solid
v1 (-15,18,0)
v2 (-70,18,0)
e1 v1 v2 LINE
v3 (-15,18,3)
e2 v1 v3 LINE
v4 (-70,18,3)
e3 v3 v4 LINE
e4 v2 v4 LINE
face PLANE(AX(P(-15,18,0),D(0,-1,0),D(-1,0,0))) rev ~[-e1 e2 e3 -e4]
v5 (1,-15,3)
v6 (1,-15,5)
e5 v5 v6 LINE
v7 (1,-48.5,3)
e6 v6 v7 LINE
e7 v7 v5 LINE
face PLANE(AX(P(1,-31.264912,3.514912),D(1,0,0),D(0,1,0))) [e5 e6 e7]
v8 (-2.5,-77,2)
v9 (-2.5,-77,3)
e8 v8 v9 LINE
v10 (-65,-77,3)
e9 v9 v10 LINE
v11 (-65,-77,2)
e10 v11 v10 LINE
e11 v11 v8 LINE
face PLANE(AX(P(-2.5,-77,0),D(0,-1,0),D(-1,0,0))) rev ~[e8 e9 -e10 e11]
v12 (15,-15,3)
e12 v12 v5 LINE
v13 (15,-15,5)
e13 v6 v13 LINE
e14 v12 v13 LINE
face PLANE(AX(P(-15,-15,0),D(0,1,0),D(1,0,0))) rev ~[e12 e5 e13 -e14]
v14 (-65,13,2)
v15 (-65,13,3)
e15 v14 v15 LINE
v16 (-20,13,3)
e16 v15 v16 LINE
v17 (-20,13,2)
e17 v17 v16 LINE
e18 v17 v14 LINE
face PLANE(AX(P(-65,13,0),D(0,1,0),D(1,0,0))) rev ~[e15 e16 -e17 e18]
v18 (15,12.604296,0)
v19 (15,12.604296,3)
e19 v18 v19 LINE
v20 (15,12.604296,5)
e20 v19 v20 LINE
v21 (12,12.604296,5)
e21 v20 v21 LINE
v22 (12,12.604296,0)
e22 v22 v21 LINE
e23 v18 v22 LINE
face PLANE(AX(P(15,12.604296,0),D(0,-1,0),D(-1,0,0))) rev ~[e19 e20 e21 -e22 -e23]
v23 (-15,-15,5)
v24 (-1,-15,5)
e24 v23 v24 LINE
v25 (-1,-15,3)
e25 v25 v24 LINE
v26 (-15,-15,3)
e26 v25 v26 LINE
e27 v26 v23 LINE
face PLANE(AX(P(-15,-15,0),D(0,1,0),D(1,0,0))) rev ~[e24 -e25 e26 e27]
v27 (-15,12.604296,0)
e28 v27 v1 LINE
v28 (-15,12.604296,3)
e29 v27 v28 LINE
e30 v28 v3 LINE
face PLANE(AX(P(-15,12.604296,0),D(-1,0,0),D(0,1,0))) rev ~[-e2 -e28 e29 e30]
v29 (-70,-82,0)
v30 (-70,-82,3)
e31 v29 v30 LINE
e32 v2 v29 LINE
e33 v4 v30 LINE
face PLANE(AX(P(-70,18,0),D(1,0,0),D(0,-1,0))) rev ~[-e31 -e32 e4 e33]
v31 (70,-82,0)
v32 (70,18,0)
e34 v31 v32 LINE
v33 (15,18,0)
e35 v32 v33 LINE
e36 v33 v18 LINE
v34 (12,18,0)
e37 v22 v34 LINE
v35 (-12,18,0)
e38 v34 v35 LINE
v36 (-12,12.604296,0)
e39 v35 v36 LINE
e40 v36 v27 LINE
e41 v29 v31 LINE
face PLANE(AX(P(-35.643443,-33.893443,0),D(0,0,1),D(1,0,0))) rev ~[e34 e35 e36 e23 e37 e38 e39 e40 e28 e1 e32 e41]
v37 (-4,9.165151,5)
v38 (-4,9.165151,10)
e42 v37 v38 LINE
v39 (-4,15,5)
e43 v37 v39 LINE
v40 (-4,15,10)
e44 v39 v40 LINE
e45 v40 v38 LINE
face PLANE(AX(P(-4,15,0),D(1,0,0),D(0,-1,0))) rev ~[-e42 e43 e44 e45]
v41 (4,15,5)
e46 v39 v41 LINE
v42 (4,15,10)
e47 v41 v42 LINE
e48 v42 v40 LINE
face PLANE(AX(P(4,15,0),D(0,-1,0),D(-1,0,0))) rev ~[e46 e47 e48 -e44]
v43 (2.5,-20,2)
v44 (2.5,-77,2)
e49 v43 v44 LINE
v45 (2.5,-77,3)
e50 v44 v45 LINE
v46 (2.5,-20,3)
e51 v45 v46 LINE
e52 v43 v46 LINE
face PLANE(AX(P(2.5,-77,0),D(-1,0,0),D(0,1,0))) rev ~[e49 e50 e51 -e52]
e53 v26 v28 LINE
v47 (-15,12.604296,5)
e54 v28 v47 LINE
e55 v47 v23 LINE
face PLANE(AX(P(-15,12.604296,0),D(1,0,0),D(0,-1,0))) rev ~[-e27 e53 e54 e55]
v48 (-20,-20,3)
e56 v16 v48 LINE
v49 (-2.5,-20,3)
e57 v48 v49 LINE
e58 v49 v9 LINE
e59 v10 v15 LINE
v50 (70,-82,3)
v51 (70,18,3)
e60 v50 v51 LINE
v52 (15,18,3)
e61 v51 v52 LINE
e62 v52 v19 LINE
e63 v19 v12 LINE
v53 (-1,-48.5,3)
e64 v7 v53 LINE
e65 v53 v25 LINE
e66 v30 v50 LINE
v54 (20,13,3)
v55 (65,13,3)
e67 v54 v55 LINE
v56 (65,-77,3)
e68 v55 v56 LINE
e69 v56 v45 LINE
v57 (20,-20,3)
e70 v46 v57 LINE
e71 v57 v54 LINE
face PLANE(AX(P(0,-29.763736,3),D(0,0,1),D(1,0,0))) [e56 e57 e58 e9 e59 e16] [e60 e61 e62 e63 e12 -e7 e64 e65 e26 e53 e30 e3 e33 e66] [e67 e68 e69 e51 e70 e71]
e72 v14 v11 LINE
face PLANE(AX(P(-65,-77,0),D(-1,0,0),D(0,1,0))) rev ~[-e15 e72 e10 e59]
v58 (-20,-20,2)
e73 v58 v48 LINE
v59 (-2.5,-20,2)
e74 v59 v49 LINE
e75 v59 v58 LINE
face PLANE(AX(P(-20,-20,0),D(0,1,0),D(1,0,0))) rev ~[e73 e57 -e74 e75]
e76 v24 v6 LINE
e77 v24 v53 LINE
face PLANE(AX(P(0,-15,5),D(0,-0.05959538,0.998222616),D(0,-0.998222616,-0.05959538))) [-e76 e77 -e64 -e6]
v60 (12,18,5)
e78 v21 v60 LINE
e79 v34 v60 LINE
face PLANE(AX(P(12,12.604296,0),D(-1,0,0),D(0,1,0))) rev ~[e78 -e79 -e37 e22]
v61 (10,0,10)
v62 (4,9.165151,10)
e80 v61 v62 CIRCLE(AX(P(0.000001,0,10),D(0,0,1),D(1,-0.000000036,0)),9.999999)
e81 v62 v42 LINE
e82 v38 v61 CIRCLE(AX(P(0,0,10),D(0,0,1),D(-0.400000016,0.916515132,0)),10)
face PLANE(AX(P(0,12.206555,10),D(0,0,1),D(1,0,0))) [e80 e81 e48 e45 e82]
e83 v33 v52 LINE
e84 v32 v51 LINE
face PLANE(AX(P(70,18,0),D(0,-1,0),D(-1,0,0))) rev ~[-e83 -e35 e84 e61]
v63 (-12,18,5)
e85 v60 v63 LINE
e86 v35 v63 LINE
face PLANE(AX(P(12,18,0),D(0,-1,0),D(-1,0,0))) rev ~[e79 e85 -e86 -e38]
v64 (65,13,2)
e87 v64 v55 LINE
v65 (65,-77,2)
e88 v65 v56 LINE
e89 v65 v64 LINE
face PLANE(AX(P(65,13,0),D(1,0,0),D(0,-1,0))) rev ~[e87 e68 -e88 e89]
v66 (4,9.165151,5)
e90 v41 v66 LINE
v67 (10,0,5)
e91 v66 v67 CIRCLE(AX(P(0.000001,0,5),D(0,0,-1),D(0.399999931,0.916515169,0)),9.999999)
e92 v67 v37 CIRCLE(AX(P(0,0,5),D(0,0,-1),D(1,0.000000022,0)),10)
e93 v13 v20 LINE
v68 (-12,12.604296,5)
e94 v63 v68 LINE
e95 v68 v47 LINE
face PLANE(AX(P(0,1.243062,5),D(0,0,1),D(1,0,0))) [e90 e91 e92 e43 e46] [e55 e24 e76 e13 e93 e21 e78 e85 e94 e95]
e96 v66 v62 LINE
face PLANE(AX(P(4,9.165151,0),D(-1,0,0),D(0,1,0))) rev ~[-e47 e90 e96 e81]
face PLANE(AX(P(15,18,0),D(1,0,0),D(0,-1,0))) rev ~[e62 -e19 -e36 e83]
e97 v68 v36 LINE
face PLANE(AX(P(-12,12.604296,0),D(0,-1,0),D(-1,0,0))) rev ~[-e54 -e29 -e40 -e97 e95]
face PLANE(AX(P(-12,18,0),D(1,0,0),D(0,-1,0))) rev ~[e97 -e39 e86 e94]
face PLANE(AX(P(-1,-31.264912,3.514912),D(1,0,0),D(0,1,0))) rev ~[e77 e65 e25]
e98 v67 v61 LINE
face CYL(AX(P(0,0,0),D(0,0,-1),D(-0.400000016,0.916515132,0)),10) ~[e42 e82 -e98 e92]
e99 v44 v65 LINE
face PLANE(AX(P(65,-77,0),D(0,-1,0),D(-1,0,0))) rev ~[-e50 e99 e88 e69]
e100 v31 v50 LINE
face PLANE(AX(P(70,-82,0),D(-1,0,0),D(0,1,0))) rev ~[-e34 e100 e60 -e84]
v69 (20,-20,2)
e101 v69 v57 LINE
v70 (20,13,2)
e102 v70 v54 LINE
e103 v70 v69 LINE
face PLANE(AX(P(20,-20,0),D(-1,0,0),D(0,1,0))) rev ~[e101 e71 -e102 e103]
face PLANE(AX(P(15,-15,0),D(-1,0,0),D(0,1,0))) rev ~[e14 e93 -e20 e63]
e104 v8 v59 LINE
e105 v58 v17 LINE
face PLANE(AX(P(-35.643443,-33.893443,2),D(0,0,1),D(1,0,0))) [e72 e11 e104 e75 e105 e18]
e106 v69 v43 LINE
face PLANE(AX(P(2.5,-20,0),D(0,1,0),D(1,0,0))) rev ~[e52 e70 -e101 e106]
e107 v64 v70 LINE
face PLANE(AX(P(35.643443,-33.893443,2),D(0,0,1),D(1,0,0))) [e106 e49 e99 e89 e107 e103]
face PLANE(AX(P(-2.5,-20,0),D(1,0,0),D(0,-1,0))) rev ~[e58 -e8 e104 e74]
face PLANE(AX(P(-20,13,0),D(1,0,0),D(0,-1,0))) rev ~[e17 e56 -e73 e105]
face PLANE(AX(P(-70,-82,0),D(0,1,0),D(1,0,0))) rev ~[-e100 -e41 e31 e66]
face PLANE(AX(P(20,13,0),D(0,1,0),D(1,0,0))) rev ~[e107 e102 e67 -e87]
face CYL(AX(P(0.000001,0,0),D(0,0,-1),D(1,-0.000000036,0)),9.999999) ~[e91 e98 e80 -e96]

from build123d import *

# Parameters (mm, degrees)
F1_DEPTH = 3
F2_DEPTH = 5
F3_DEPTH = 10
F5_DEPTH = 1
F6_DEPTH = 2


with BuildPart() as f1:
    # F0 (on Top) → F1 (new body)
    with BuildSketch(Plane.XY):
        Polygon((15, -15), (-15, -15), (-15, 12.604296), (-15, 18), (-70, 18), (-70, -82), (70, -82), (70, 18), (15, 18), (15, 12.604296), align=None)
        Polygon((-2.5, -77), (-65, -77), (-65, 13), (-20, 13), (-20, -20), (-2.5, -20), align=None, mode=Mode.SUBTRACT)
        Polygon((2.5, -20), (20, -20), (20, 13), (65, 13), (65, -77), (2.5, -77), align=None, mode=Mode.SUBTRACT)
        Polygon((-15, 12.604296), (-15, -15), (15, -15), (15, 12.604296), (12, 12.604296), (12, 18), (-12, 18), (-12, 12.604296), align=None)
        with BuildLine():
            ThreePointArc((4, 9.165151), (8.3666, 5.477226), (10, 0))
            ThreePointArc((10, 0), (-5.477226, -8.3666), (-4, 9.165151))
            Line((-4, 9.165151), (-4, 15))
            Line((-4, 15), (4, 15))
            Line((4, 15), (4, 9.165151))
        make_face(mode=Mode.SUBTRACT)
    extrude(amount=F1_DEPTH)

    # F0 (on Top) → F2 (join)
    with BuildSketch(Plane.XY):
        Polygon((-15, 12.604296), (-15, -15), (15, -15), (15, 12.604296), (12, 12.604296), (12, 18), (-12, 18), (-12, 12.604296), align=None)
        with BuildLine():
            ThreePointArc((4, 9.165151), (8.3666, 5.477226), (10, 0))
            ThreePointArc((10, 0), (-5.477226, -8.3666), (-4, 9.165151))
            Line((-4, 9.165151), (-4, 15))
            Line((-4, 15), (4, 15))
            Line((4, 15), (4, 9.165151))
        make_face(mode=Mode.SUBTRACT)
    extrude(amount=F2_DEPTH)

    # F0 (on Top) → F3 (join)
    with BuildSketch(Plane.XY):
        with BuildLine():
            ThreePointArc((-4, 9.165151), (0, 10), (4, 9.165151))
            Line((4, 9.165151), (4, 15))
            Line((4, 15), (-4, 15))
            Line((-4, 15), (-4, 9.165151))
        make_face()
        with BuildLine():
            Line((4, 0), (4, 9.165151))
            ThreePointArc((4, 9.165151), (0, 10), (-4, 9.165151))
            Line((-4, 9.165151), (-4, 0))
            Line((-4, 0), (4, 0))
        make_face()
        with BuildLine():
            ThreePointArc((-4, 9.165151), (-5.477226, -8.3666), (10, 0))
            ThreePointArc((10, 0), (8.3666, 5.477226), (4, 9.165151))
            Line((4, 9.165151), (4, 0))
            Line((4, 0), (-4, 0))
            Line((-4, 0), (-4, 9.165151))
        make_face()
    extrude(amount=F3_DEPTH)

    # F4 (on Right) → F5 (join, symmetric)
    with BuildSketch(Plane.YZ):
        Polygon((-15, 3), (-15, 5), (-48.5, 3), align=None)
    extrude(amount=F5_DEPTH, both=True)

    # F0 (on Top) → F6 (join)
    with BuildSketch(Plane.XY):
        Polygon((-65, 13), (-65, -77), (-2.5, -77), (-2.5, -20), (-20, -20), (-20, 13), align=None)
        Polygon((20, 13), (20, -20), (2.5, -20), (2.5, -77), (65, -77), (65, 13), align=None)
    extrude(amount=F6_DEPTH)


solid = f1.part
